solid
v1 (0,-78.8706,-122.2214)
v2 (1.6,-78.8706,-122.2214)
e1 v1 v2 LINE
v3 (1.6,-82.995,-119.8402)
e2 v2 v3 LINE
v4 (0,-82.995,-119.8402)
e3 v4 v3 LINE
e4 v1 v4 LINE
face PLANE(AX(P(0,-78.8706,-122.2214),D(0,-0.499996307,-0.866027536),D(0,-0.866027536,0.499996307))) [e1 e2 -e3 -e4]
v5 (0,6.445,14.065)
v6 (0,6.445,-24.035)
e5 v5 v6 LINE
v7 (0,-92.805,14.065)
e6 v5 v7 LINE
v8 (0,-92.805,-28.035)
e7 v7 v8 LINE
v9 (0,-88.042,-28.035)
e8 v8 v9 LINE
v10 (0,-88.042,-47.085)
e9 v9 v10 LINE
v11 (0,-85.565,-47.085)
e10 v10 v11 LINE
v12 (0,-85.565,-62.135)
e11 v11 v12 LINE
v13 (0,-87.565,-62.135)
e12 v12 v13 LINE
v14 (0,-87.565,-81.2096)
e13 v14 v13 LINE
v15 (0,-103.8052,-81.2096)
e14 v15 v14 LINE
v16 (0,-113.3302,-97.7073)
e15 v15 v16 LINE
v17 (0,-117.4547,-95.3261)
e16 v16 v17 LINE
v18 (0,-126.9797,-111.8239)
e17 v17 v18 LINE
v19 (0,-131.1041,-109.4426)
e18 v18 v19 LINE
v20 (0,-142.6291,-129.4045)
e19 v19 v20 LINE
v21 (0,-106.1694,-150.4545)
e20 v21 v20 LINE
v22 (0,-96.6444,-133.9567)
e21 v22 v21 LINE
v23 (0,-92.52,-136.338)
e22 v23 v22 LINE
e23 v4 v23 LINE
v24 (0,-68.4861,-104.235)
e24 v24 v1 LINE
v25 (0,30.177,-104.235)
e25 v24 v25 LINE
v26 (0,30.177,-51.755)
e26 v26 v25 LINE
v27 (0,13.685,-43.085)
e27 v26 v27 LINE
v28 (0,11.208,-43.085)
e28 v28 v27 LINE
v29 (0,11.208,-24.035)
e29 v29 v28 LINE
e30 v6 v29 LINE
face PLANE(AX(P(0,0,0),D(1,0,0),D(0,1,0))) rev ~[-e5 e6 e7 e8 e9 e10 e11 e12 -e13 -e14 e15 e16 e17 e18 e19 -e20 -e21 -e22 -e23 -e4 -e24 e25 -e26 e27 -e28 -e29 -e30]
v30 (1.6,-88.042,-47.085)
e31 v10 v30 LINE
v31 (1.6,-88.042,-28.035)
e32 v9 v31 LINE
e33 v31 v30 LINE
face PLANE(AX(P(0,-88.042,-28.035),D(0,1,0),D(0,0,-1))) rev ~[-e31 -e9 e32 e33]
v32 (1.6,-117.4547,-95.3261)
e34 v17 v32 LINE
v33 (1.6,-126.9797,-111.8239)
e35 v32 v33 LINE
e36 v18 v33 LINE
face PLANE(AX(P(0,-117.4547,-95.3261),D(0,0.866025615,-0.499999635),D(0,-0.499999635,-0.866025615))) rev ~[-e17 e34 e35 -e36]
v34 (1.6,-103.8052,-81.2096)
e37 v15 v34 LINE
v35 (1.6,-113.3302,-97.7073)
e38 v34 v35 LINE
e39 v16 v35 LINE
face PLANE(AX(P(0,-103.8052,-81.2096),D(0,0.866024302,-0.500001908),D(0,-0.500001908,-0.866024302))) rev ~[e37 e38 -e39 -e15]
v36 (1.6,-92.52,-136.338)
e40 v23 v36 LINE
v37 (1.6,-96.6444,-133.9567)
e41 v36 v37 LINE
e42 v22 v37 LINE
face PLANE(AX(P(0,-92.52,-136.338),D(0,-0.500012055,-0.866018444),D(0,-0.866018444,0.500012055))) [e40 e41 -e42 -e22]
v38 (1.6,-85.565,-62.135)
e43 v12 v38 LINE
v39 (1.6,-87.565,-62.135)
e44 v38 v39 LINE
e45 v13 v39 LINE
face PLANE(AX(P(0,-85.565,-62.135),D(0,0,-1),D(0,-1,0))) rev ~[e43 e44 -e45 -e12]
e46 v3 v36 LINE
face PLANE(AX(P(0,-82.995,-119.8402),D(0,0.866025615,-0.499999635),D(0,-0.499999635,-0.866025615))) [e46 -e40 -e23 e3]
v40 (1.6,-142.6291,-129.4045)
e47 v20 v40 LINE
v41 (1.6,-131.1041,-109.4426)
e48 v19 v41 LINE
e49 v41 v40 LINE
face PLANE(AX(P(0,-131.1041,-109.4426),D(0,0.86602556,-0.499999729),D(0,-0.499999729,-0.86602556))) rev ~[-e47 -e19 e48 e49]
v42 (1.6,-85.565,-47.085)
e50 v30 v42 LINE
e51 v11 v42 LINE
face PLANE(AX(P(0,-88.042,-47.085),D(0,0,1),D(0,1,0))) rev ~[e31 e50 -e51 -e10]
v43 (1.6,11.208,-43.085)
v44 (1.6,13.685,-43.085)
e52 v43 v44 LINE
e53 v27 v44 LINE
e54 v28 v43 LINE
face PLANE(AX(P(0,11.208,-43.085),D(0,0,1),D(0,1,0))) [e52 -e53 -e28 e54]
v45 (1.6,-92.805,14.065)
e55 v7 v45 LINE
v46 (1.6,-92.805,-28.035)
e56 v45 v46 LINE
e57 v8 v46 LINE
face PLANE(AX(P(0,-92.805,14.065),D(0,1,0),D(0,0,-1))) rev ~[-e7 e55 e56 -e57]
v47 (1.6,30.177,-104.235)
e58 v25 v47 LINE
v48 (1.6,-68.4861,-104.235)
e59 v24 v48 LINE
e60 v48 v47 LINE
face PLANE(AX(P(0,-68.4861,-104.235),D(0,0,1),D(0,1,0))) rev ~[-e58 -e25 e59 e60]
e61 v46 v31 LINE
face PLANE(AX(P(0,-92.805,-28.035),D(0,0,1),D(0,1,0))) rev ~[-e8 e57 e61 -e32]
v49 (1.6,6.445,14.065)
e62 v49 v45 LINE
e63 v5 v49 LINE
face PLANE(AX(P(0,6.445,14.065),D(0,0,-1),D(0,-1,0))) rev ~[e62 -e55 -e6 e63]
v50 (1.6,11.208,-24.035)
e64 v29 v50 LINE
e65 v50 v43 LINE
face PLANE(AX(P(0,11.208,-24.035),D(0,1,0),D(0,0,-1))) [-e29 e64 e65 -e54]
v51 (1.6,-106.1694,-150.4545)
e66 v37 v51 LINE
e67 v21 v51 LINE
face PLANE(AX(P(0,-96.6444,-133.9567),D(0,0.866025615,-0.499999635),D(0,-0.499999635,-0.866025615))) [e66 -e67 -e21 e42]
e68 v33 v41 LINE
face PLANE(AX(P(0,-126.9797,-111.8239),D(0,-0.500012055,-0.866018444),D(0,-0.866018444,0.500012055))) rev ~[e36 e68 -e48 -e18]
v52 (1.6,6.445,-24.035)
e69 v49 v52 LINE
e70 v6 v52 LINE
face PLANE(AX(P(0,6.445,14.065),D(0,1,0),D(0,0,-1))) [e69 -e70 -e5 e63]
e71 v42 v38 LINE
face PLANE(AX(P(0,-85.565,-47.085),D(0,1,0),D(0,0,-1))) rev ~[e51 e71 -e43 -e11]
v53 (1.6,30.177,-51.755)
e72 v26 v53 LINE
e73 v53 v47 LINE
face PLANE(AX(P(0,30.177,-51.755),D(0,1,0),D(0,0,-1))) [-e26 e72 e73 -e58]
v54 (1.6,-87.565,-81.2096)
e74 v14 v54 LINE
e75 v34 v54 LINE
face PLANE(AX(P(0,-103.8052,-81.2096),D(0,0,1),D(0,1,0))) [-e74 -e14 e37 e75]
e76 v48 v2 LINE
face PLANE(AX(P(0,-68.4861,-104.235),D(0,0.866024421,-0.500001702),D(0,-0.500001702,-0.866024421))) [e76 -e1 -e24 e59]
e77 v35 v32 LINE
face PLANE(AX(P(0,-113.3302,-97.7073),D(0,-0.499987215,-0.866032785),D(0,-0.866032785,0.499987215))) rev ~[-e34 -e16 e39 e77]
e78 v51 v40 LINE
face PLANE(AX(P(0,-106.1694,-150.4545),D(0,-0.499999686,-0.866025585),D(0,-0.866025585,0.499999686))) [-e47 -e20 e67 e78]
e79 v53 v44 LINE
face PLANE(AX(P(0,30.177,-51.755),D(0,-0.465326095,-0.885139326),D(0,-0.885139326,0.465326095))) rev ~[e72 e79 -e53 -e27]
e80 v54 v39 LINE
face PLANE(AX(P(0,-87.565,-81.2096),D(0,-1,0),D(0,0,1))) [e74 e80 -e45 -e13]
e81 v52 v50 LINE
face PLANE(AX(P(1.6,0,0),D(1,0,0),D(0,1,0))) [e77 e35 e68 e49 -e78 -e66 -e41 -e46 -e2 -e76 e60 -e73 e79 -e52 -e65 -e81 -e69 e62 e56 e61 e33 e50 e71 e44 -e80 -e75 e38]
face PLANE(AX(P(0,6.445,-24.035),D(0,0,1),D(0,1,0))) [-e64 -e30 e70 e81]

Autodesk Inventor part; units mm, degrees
ref_plane "YZ Plane" through (0, 0, 0) normal (1, 0, 0) x (0, 1, 0)
ref_plane "XZ Plane" through (0, 0, 0) normal (0, 1, 0) x (-1, 0, 0)
ref_plane "XY Plane" through (0, 0, 0) normal (0, 0, 1) x (1, 0, 0)
sketch "Key" plane through (0, 0, 0) normal (0, 0, 1) x (1, 0, 0)
  line L0 (-9.525, 9.525) -> (9.525, 9.525) construction
  line L1 (9.525, 9.525) -> (9.525, -9.525) construction
  line L2 (9.525, -9.525) -> (-9.525, -9.525) construction
  line L3 (-9.525, -9.525) -> (-9.525, 9.525) construction
  line L4 (-9.525, 9.525) -> (9.525, -9.525) construction
  line L5 (9.525, 9.525) -> (-9.525, -9.525) construction
  point P0 (0, 0)
  point P1 (0, 0)
  dimension "d6" = 19.05
  dimension "d7" = 19.05
sketch "Col5" plane through (0, 0, 0) normal (0, 0, 1) x (1, 0, 0)
  point P0 (-10.8651, 0)
sketch "Col4" plane through (0, 0, 0) normal (0, 0, 1) x (1, 0, 0)
  point P0 (-10.8651, 0)
sketch "TC" plane through (0, 0, 0) normal (0, 0, 1) x (1, 0, 0)
  point P0 (-22.1335, 152.0917)
  dimension "d12" = 4.7625
  dimension "d13" = 4.7625
  dimension "d14" = 19.6363
sketch "Esquisse1" plane through (0, 0, 0) normal (1, 0, 0) x (0, 1, 0)
  line L0 (28.177, -71.755) -> (10.397, -71.755) construction
  line L1 (10.397, -71.755) -> (10.397, -102.235) construction
  line L2 (10.397, -102.235) -> (28.177, -102.235)
  line L3 (28.177, -102.235) -> (28.177, -71.755) construction
  line L4 (28.177, -71.755) -> (10.397, -102.235) construction
  line L5 (10.397, -71.755) -> (28.177, -102.235) construction
  line L6 (6.445, 14.065) -> (-92.805, 14.065)
  line L7 (6.445, 14.065) -> (6.445, -24.035)
  line L8 (-68.4861, -104.235) -> (30.177, -104.235)
  line L9 (30.177, -51.755) -> (30.177, -104.235)
  line L10 (-106.1694, -150.4545) -> (-142.6291, -129.4045)
  line L11 (-103.8052, -81.2096) -> (-113.3302, -97.7073)
  line L12 (-113.3302, -97.7073) -> (-117.4547, -95.3261)
  line L13 (-117.4547, -95.3261) -> (-126.9797, -111.8239)
  line L14 (-126.9797, -111.8239) -> (-131.1041, -109.4426)
  line L15 (-131.1041, -109.4426) -> (-142.6291, -129.4045)
  line L16 (-68.4861, -104.235) -> (-78.8706, -122.2214)
  line L17 (-78.8706, -122.2214) -> (-82.995, -119.8402)
  line L18 (-82.995, -119.8402) -> (-92.52, -136.338)
  line L19 (-92.52, -136.338) -> (-96.6444, -133.9567)
  line L20 (-96.6444, -133.9567) -> (-106.1694, -150.4545)
  line L21 (-92.805, 14.065) -> (-92.805, -28.035)
  line L22 (-92.805, -28.035) -> (-88.042, -28.035)
  line L23 (-88.042, -28.035) -> (-88.042, -47.085)
  line L24 (-88.042, -47.085) -> (-85.565, -47.085)
  line L25 (-85.565, -47.085) -> (-85.565, -62.135)
  line L26 (-85.565, -62.135) -> (-87.565, -62.135)
  line L27 (-89.5164, -89.4592) -> (-103.8052, -81.2096) construction
  line L28 (6.445, -24.035) -> (11.208, -24.035)
  line L29 (11.208, -24.035) -> (11.208, -43.085)
  line L30 (11.208, -43.085) -> (13.685, -43.085)
  line L31 (30.177, -51.755) -> (13.685, -43.085)
  line L32 (-78.8706, -122.2214) -> (-92.52, -136.338) construction
  line L33 (-92.52, -136.338) -> (-106.1694, -150.4545) construction
  line L34 (-103.8052, -81.2096) -> (-117.4547, -95.3261) construction
  line L35 (-131.1041, -109.4426) -> (-117.4547, -95.3261) construction
  line L36 (-103.8052, -81.2096) -> (-87.565, -81.2096)
  line L37 (-87.565, -81.2096) -> (-87.565, -62.135)
  point P0 (-5.08, 2.54)
  point P1 (19.287, -86.995)
  point P2 (-5.08, 2.54)
  point P3 (-86.042, -35.56)
  point P4 (0, 0)
extrude "Extrusion1" add sketch "Esquisse1" along normal blind 1.6
properties part number "board-profile"
